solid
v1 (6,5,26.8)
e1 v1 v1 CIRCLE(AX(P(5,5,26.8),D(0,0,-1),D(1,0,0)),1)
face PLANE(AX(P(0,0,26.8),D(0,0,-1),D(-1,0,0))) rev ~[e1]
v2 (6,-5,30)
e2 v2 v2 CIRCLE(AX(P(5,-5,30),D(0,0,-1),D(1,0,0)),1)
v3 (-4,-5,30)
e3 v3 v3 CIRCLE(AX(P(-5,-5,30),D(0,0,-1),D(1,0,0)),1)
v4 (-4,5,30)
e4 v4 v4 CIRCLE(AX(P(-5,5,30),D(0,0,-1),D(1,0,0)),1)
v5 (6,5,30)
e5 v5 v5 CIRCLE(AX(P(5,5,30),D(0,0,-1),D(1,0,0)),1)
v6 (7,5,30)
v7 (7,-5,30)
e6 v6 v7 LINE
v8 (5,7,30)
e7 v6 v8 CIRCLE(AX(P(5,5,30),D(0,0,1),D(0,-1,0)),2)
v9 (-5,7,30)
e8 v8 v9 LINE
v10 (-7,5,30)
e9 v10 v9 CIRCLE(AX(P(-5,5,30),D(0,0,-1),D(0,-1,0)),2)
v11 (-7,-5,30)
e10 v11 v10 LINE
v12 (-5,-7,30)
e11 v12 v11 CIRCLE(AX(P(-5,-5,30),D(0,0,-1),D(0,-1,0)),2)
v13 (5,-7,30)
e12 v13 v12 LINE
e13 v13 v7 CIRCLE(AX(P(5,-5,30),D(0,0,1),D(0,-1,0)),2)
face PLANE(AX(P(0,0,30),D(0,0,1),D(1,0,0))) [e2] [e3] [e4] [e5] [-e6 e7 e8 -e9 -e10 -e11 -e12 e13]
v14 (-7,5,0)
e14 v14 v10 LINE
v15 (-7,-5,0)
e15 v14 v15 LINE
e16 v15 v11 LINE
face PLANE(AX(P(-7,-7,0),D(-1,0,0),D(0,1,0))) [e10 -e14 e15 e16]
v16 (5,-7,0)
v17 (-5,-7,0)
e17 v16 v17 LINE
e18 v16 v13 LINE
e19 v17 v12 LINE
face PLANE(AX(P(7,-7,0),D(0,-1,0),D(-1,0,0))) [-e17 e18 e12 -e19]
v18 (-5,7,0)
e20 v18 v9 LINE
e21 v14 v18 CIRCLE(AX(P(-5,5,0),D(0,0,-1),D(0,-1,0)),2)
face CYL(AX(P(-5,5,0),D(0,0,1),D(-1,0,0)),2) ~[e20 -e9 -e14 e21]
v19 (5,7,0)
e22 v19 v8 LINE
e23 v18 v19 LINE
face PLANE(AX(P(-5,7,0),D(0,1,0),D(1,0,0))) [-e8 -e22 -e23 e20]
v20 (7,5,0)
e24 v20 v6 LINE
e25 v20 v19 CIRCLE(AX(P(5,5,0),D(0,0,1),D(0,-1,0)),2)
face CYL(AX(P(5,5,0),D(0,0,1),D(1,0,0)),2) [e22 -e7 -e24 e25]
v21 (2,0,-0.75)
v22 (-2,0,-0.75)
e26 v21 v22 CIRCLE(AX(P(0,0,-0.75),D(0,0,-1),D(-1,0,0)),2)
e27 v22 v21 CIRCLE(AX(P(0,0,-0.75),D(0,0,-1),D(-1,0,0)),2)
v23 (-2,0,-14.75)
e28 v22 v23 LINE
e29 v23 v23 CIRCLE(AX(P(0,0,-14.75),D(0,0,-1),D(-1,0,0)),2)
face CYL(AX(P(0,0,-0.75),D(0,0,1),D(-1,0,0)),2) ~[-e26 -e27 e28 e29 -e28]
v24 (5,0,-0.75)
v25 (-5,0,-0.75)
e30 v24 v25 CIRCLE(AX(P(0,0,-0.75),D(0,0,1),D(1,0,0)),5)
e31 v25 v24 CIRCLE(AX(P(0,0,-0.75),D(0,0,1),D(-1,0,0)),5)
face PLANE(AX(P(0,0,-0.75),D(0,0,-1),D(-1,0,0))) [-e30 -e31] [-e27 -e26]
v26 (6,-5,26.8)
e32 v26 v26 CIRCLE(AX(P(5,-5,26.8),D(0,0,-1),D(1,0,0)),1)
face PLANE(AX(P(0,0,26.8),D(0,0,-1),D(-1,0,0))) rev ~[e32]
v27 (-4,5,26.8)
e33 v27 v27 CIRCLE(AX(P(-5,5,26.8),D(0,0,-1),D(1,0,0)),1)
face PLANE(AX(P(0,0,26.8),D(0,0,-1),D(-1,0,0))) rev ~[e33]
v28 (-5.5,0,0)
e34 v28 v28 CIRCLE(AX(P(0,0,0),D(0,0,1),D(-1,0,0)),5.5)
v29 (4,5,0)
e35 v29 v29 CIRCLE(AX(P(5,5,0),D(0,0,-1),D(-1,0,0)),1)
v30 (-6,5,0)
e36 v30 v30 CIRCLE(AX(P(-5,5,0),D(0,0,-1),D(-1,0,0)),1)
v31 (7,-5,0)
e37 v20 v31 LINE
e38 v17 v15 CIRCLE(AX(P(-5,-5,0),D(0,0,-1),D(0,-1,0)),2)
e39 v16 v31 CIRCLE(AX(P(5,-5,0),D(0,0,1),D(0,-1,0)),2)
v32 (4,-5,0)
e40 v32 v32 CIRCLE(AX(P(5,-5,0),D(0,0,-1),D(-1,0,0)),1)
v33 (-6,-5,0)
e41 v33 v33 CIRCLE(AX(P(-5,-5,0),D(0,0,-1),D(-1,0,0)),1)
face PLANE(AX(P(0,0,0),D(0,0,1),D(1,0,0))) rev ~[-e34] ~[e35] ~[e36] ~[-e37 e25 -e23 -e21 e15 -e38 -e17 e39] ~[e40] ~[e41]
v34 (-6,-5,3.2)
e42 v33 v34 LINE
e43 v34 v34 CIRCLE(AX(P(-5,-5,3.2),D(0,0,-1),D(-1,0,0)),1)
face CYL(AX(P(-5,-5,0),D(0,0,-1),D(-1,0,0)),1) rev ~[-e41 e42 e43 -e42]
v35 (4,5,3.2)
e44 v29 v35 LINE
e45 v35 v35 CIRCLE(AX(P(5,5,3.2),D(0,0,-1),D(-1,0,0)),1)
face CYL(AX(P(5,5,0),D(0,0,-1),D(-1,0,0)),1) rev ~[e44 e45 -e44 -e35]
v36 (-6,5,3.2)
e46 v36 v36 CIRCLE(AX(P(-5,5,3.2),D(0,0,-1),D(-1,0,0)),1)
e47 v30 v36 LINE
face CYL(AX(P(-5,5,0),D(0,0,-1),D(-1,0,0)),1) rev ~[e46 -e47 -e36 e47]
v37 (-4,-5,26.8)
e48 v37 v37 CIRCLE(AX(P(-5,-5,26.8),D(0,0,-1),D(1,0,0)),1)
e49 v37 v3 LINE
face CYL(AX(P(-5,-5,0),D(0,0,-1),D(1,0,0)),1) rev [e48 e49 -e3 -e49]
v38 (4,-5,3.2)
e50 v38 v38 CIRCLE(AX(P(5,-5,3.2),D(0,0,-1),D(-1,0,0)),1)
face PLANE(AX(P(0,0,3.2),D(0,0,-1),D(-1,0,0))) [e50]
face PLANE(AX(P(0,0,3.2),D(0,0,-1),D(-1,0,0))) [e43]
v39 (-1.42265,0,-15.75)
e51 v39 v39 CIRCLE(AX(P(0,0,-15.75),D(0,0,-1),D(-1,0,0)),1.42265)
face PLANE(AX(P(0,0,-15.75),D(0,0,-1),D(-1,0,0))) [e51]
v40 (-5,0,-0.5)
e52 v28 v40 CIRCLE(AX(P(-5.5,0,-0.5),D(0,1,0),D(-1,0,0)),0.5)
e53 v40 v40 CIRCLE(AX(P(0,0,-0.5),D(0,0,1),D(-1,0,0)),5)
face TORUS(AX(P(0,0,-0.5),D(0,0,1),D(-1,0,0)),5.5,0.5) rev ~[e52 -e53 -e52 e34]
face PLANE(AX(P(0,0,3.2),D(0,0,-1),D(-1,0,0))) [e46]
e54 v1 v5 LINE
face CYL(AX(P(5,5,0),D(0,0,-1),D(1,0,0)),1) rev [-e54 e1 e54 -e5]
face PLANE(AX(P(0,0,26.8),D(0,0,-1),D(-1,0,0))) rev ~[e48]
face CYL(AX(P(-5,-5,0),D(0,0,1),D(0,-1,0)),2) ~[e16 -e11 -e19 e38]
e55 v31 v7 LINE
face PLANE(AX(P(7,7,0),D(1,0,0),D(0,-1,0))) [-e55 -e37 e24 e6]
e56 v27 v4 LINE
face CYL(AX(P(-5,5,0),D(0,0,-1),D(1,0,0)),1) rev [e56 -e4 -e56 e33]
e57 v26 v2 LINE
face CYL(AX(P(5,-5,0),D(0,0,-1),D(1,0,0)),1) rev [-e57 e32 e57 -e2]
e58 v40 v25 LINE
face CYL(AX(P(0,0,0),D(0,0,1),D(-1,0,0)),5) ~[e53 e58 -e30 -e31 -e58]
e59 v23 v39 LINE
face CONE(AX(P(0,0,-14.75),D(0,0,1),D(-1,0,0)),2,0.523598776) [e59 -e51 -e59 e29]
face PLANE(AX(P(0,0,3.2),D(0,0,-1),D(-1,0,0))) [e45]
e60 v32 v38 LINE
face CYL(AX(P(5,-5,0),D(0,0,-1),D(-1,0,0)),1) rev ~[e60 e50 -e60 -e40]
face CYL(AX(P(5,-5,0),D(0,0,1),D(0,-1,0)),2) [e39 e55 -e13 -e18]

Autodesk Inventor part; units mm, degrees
ref_plane "YZ Plane" through (0, 0, 0) normal (1, 0, 0) x (0, 1, 0)
ref_plane "XZ Plane" through (0, 0, 0) normal (0, 1, 0) x (-1, 0, 0)
ref_plane "XY Plane" through (0, 0, 0) normal (0, 0, 1) x (1, 0, 0)
sketch "Szkic1" plane through (0, 0, 0) normal (0, 0, 1) x (1, 0, 0)
  line L0 (7, -7) -> (-7, -7)
  line L1 (-7, -7) -> (-7, 7)
  line L2 (-7, 7) -> (7, 7)
  line L3 (7, 7) -> (7, -7)
  line L4 (7, -7) -> (-7, 7) construction
  line L5 (-7, -7) -> (7, 7) construction
  line L6 (0, 0) -> (-5.75, 0)
  line L7 (-7, 5.75) -> (-5, 5.75)
  line L8 (-5, 7) -> (-5, 5)
  line L9 (-5, 5) -> (5, 5)
  line L10 (5, 5) -> (5, -5)
  line L11 (5, -5) -> (-5, -5)
  line L12 (-5, -5) -> (-5, 5)
  circle A0 centre (-5, 5) radius 1
  circle A1 centre (5, 5) radius 1
  circle A2 centre (5, -5) radius 1
  circle A3 centre (-5, -5) radius 1
  circle A4 centre (0, 0) radius 5
  circle A5 centre (0, 0) radius 5.5
  circle A6 centre (0, 0) radius 2
  circle A7 centre (0, 0) radius 2.1
  dimension "d0" = 14
  dimension "d1" = 14
  dimension "d8" = 2
  dimension "d9" = 2
  dimension "d13" = 10
  dimension "d14" = 10
  dimension "d15" = 10
  dimension "d17" = 2
  dimension "d18" = 2
  dimension "d19" = 2
  dimension "d20" = 2
  dimension "d21" = 11
  dimension "d22" = 4
  dimension "d23" = 4.2
extrude "Wyciągnięcie proste1" add sketch "Szkic1" along normal blind 30 contours L0 L1 L7 A0 L12 A5 A3 L11 A2 L10 A1 L9 L8 L2 L3 | L1 L2 L8 A0 L7 | A0 L9 A5 L12 | A5 L9 A4 L12 | L12 L6 A5 | A5 L9 | A6 | A7 | L12 A5 L6 | A4 L11 A5 L12 | A4 | L9 A5 L10 A4 | L9 A1 L10 A5 | A5 L11 A3 L12 | A4 L10 A5 L11 | L11 A5 | L10 A5 | A5 L10 A2 L11
sketch "Szkic2" plane through (0, 0, 0) normal (0, 0, -1) x (-1, 0, 0)
  line L0 (7, -7) -> (-7, -7)
  line L1 (-7, -7) -> (-7, 7)
  line L2 (-7, 7) -> (7, 7)
  line L3 (7, 7) -> (7, -7)
  line L4 (7, -7) -> (-7, 7) construction
  line L5 (-7, -7) -> (7, 7) construction
  line L6 (0, 0) -> (-5.75, 0)
  line L7 (-7, 5.75) -> (-5, 5.75)
  line L8 (-5, 7) -> (-5, 5)
  line L9 (-5, 5) -> (5, 5)
  line L10 (5, 5) -> (5, -5)
  line L11 (5, -5) -> (-5, -5)
  line L12 (-5, -5) -> (-5, 5)
  circle A0 centre (-5, 5) radius 1
  circle A1 centre (5, 5) radius 1
  circle A2 centre (5, -5) radius 1
  circle A3 centre (-5, -5) radius 1
  circle A4 centre (0, 0) radius 5
  circle A5 centre (0, 0) radius 5.5
  circle A6 centre (0, 0) radius 2
  circle A7 centre (0, 0) radius 2.1
  dimension "d26" = 14
  dimension "d27" = 14
  dimension "d28" = 2
  dimension "d29" = 2
  dimension "d30" = 10
  dimension "d31" = 10
  dimension "d32" = 10
  dimension "d33" = 2
  dimension "d34" = 2
  dimension "d35" = 2
  dimension "d36" = 2
  dimension "d37" = 11
  dimension "d38" = 4
  dimension "d39" = 4.2
extrude "Wyciągnięcie proste2" add sketch "Szkic2" along normal blind 0.75 contours A6 | A7 | A4
fillet "Zaokrąglenie1" radius 2 4 edges at (-7, 7, 15) (7, 7, 15) (7, -7, 15) (-7, -7, 15)
fillet "Zaokrąglenie2" radius 0.5 1 edges at (5, 0, 0)
sketch "Szkic3" plane through (0, 0, -0.75) normal (0, 0, -1) x (-1, 0, 0)
  circle A0 centre (0, 0) radius 2
  dimension "d44" = 4
extrude "Wyciągnięcie proste3" add sketch "Szkic3" along normal blind 15
chamfer "Faza1" distance 1 angle 30 1 edges at (2, 0, -15.75) measured on face at (-1.9935, -0.1609, -10.75)
sketch "Szkic4" plane through (0, 0, 0) normal (0, 0, -1) x (-1, 0, 0)
  circle A0 centre (-5, 5) radius 1 projected
  circle A1 centre (-5, 5) radius 1
  circle A2 centre (5, 5) radius 1 projected
  circle A3 centre (5, 5) radius 1
  circle A4 centre (5, -5) radius 1 projected
  circle A5 centre (5, -5) radius 1
  circle A6 centre (-5, -5) radius 1
  point P0 (0, 0)
extrude "Wyciągnięcie proste4" add sketch "Szkic4" against normal blind 26.8
sketch "Szkic5" plane through (0, 0, 0) normal (0, 0, -1) x (-1, 0, 0)
  circle A0 centre (-5, 5) radius 1 projected
  circle A1 centre (-5, 5) radius 1
  circle A2 centre (5, 5) radius 1 projected
  circle A3 centre (5, 5) radius 1
  circle A4 centre (5, -5) radius 1 projected
  circle A5 centre (5, -5) radius 1
  circle A6 centre (-5, -5) radius 1 projected
  circle A7 centre (-5, -5) radius 1
  point P0 (0, 0)
extrude "Wyciągnięcie proste5" cut sketch "Szkic5" against normal blind 3.2
properties part number "Silnik krokowy"
